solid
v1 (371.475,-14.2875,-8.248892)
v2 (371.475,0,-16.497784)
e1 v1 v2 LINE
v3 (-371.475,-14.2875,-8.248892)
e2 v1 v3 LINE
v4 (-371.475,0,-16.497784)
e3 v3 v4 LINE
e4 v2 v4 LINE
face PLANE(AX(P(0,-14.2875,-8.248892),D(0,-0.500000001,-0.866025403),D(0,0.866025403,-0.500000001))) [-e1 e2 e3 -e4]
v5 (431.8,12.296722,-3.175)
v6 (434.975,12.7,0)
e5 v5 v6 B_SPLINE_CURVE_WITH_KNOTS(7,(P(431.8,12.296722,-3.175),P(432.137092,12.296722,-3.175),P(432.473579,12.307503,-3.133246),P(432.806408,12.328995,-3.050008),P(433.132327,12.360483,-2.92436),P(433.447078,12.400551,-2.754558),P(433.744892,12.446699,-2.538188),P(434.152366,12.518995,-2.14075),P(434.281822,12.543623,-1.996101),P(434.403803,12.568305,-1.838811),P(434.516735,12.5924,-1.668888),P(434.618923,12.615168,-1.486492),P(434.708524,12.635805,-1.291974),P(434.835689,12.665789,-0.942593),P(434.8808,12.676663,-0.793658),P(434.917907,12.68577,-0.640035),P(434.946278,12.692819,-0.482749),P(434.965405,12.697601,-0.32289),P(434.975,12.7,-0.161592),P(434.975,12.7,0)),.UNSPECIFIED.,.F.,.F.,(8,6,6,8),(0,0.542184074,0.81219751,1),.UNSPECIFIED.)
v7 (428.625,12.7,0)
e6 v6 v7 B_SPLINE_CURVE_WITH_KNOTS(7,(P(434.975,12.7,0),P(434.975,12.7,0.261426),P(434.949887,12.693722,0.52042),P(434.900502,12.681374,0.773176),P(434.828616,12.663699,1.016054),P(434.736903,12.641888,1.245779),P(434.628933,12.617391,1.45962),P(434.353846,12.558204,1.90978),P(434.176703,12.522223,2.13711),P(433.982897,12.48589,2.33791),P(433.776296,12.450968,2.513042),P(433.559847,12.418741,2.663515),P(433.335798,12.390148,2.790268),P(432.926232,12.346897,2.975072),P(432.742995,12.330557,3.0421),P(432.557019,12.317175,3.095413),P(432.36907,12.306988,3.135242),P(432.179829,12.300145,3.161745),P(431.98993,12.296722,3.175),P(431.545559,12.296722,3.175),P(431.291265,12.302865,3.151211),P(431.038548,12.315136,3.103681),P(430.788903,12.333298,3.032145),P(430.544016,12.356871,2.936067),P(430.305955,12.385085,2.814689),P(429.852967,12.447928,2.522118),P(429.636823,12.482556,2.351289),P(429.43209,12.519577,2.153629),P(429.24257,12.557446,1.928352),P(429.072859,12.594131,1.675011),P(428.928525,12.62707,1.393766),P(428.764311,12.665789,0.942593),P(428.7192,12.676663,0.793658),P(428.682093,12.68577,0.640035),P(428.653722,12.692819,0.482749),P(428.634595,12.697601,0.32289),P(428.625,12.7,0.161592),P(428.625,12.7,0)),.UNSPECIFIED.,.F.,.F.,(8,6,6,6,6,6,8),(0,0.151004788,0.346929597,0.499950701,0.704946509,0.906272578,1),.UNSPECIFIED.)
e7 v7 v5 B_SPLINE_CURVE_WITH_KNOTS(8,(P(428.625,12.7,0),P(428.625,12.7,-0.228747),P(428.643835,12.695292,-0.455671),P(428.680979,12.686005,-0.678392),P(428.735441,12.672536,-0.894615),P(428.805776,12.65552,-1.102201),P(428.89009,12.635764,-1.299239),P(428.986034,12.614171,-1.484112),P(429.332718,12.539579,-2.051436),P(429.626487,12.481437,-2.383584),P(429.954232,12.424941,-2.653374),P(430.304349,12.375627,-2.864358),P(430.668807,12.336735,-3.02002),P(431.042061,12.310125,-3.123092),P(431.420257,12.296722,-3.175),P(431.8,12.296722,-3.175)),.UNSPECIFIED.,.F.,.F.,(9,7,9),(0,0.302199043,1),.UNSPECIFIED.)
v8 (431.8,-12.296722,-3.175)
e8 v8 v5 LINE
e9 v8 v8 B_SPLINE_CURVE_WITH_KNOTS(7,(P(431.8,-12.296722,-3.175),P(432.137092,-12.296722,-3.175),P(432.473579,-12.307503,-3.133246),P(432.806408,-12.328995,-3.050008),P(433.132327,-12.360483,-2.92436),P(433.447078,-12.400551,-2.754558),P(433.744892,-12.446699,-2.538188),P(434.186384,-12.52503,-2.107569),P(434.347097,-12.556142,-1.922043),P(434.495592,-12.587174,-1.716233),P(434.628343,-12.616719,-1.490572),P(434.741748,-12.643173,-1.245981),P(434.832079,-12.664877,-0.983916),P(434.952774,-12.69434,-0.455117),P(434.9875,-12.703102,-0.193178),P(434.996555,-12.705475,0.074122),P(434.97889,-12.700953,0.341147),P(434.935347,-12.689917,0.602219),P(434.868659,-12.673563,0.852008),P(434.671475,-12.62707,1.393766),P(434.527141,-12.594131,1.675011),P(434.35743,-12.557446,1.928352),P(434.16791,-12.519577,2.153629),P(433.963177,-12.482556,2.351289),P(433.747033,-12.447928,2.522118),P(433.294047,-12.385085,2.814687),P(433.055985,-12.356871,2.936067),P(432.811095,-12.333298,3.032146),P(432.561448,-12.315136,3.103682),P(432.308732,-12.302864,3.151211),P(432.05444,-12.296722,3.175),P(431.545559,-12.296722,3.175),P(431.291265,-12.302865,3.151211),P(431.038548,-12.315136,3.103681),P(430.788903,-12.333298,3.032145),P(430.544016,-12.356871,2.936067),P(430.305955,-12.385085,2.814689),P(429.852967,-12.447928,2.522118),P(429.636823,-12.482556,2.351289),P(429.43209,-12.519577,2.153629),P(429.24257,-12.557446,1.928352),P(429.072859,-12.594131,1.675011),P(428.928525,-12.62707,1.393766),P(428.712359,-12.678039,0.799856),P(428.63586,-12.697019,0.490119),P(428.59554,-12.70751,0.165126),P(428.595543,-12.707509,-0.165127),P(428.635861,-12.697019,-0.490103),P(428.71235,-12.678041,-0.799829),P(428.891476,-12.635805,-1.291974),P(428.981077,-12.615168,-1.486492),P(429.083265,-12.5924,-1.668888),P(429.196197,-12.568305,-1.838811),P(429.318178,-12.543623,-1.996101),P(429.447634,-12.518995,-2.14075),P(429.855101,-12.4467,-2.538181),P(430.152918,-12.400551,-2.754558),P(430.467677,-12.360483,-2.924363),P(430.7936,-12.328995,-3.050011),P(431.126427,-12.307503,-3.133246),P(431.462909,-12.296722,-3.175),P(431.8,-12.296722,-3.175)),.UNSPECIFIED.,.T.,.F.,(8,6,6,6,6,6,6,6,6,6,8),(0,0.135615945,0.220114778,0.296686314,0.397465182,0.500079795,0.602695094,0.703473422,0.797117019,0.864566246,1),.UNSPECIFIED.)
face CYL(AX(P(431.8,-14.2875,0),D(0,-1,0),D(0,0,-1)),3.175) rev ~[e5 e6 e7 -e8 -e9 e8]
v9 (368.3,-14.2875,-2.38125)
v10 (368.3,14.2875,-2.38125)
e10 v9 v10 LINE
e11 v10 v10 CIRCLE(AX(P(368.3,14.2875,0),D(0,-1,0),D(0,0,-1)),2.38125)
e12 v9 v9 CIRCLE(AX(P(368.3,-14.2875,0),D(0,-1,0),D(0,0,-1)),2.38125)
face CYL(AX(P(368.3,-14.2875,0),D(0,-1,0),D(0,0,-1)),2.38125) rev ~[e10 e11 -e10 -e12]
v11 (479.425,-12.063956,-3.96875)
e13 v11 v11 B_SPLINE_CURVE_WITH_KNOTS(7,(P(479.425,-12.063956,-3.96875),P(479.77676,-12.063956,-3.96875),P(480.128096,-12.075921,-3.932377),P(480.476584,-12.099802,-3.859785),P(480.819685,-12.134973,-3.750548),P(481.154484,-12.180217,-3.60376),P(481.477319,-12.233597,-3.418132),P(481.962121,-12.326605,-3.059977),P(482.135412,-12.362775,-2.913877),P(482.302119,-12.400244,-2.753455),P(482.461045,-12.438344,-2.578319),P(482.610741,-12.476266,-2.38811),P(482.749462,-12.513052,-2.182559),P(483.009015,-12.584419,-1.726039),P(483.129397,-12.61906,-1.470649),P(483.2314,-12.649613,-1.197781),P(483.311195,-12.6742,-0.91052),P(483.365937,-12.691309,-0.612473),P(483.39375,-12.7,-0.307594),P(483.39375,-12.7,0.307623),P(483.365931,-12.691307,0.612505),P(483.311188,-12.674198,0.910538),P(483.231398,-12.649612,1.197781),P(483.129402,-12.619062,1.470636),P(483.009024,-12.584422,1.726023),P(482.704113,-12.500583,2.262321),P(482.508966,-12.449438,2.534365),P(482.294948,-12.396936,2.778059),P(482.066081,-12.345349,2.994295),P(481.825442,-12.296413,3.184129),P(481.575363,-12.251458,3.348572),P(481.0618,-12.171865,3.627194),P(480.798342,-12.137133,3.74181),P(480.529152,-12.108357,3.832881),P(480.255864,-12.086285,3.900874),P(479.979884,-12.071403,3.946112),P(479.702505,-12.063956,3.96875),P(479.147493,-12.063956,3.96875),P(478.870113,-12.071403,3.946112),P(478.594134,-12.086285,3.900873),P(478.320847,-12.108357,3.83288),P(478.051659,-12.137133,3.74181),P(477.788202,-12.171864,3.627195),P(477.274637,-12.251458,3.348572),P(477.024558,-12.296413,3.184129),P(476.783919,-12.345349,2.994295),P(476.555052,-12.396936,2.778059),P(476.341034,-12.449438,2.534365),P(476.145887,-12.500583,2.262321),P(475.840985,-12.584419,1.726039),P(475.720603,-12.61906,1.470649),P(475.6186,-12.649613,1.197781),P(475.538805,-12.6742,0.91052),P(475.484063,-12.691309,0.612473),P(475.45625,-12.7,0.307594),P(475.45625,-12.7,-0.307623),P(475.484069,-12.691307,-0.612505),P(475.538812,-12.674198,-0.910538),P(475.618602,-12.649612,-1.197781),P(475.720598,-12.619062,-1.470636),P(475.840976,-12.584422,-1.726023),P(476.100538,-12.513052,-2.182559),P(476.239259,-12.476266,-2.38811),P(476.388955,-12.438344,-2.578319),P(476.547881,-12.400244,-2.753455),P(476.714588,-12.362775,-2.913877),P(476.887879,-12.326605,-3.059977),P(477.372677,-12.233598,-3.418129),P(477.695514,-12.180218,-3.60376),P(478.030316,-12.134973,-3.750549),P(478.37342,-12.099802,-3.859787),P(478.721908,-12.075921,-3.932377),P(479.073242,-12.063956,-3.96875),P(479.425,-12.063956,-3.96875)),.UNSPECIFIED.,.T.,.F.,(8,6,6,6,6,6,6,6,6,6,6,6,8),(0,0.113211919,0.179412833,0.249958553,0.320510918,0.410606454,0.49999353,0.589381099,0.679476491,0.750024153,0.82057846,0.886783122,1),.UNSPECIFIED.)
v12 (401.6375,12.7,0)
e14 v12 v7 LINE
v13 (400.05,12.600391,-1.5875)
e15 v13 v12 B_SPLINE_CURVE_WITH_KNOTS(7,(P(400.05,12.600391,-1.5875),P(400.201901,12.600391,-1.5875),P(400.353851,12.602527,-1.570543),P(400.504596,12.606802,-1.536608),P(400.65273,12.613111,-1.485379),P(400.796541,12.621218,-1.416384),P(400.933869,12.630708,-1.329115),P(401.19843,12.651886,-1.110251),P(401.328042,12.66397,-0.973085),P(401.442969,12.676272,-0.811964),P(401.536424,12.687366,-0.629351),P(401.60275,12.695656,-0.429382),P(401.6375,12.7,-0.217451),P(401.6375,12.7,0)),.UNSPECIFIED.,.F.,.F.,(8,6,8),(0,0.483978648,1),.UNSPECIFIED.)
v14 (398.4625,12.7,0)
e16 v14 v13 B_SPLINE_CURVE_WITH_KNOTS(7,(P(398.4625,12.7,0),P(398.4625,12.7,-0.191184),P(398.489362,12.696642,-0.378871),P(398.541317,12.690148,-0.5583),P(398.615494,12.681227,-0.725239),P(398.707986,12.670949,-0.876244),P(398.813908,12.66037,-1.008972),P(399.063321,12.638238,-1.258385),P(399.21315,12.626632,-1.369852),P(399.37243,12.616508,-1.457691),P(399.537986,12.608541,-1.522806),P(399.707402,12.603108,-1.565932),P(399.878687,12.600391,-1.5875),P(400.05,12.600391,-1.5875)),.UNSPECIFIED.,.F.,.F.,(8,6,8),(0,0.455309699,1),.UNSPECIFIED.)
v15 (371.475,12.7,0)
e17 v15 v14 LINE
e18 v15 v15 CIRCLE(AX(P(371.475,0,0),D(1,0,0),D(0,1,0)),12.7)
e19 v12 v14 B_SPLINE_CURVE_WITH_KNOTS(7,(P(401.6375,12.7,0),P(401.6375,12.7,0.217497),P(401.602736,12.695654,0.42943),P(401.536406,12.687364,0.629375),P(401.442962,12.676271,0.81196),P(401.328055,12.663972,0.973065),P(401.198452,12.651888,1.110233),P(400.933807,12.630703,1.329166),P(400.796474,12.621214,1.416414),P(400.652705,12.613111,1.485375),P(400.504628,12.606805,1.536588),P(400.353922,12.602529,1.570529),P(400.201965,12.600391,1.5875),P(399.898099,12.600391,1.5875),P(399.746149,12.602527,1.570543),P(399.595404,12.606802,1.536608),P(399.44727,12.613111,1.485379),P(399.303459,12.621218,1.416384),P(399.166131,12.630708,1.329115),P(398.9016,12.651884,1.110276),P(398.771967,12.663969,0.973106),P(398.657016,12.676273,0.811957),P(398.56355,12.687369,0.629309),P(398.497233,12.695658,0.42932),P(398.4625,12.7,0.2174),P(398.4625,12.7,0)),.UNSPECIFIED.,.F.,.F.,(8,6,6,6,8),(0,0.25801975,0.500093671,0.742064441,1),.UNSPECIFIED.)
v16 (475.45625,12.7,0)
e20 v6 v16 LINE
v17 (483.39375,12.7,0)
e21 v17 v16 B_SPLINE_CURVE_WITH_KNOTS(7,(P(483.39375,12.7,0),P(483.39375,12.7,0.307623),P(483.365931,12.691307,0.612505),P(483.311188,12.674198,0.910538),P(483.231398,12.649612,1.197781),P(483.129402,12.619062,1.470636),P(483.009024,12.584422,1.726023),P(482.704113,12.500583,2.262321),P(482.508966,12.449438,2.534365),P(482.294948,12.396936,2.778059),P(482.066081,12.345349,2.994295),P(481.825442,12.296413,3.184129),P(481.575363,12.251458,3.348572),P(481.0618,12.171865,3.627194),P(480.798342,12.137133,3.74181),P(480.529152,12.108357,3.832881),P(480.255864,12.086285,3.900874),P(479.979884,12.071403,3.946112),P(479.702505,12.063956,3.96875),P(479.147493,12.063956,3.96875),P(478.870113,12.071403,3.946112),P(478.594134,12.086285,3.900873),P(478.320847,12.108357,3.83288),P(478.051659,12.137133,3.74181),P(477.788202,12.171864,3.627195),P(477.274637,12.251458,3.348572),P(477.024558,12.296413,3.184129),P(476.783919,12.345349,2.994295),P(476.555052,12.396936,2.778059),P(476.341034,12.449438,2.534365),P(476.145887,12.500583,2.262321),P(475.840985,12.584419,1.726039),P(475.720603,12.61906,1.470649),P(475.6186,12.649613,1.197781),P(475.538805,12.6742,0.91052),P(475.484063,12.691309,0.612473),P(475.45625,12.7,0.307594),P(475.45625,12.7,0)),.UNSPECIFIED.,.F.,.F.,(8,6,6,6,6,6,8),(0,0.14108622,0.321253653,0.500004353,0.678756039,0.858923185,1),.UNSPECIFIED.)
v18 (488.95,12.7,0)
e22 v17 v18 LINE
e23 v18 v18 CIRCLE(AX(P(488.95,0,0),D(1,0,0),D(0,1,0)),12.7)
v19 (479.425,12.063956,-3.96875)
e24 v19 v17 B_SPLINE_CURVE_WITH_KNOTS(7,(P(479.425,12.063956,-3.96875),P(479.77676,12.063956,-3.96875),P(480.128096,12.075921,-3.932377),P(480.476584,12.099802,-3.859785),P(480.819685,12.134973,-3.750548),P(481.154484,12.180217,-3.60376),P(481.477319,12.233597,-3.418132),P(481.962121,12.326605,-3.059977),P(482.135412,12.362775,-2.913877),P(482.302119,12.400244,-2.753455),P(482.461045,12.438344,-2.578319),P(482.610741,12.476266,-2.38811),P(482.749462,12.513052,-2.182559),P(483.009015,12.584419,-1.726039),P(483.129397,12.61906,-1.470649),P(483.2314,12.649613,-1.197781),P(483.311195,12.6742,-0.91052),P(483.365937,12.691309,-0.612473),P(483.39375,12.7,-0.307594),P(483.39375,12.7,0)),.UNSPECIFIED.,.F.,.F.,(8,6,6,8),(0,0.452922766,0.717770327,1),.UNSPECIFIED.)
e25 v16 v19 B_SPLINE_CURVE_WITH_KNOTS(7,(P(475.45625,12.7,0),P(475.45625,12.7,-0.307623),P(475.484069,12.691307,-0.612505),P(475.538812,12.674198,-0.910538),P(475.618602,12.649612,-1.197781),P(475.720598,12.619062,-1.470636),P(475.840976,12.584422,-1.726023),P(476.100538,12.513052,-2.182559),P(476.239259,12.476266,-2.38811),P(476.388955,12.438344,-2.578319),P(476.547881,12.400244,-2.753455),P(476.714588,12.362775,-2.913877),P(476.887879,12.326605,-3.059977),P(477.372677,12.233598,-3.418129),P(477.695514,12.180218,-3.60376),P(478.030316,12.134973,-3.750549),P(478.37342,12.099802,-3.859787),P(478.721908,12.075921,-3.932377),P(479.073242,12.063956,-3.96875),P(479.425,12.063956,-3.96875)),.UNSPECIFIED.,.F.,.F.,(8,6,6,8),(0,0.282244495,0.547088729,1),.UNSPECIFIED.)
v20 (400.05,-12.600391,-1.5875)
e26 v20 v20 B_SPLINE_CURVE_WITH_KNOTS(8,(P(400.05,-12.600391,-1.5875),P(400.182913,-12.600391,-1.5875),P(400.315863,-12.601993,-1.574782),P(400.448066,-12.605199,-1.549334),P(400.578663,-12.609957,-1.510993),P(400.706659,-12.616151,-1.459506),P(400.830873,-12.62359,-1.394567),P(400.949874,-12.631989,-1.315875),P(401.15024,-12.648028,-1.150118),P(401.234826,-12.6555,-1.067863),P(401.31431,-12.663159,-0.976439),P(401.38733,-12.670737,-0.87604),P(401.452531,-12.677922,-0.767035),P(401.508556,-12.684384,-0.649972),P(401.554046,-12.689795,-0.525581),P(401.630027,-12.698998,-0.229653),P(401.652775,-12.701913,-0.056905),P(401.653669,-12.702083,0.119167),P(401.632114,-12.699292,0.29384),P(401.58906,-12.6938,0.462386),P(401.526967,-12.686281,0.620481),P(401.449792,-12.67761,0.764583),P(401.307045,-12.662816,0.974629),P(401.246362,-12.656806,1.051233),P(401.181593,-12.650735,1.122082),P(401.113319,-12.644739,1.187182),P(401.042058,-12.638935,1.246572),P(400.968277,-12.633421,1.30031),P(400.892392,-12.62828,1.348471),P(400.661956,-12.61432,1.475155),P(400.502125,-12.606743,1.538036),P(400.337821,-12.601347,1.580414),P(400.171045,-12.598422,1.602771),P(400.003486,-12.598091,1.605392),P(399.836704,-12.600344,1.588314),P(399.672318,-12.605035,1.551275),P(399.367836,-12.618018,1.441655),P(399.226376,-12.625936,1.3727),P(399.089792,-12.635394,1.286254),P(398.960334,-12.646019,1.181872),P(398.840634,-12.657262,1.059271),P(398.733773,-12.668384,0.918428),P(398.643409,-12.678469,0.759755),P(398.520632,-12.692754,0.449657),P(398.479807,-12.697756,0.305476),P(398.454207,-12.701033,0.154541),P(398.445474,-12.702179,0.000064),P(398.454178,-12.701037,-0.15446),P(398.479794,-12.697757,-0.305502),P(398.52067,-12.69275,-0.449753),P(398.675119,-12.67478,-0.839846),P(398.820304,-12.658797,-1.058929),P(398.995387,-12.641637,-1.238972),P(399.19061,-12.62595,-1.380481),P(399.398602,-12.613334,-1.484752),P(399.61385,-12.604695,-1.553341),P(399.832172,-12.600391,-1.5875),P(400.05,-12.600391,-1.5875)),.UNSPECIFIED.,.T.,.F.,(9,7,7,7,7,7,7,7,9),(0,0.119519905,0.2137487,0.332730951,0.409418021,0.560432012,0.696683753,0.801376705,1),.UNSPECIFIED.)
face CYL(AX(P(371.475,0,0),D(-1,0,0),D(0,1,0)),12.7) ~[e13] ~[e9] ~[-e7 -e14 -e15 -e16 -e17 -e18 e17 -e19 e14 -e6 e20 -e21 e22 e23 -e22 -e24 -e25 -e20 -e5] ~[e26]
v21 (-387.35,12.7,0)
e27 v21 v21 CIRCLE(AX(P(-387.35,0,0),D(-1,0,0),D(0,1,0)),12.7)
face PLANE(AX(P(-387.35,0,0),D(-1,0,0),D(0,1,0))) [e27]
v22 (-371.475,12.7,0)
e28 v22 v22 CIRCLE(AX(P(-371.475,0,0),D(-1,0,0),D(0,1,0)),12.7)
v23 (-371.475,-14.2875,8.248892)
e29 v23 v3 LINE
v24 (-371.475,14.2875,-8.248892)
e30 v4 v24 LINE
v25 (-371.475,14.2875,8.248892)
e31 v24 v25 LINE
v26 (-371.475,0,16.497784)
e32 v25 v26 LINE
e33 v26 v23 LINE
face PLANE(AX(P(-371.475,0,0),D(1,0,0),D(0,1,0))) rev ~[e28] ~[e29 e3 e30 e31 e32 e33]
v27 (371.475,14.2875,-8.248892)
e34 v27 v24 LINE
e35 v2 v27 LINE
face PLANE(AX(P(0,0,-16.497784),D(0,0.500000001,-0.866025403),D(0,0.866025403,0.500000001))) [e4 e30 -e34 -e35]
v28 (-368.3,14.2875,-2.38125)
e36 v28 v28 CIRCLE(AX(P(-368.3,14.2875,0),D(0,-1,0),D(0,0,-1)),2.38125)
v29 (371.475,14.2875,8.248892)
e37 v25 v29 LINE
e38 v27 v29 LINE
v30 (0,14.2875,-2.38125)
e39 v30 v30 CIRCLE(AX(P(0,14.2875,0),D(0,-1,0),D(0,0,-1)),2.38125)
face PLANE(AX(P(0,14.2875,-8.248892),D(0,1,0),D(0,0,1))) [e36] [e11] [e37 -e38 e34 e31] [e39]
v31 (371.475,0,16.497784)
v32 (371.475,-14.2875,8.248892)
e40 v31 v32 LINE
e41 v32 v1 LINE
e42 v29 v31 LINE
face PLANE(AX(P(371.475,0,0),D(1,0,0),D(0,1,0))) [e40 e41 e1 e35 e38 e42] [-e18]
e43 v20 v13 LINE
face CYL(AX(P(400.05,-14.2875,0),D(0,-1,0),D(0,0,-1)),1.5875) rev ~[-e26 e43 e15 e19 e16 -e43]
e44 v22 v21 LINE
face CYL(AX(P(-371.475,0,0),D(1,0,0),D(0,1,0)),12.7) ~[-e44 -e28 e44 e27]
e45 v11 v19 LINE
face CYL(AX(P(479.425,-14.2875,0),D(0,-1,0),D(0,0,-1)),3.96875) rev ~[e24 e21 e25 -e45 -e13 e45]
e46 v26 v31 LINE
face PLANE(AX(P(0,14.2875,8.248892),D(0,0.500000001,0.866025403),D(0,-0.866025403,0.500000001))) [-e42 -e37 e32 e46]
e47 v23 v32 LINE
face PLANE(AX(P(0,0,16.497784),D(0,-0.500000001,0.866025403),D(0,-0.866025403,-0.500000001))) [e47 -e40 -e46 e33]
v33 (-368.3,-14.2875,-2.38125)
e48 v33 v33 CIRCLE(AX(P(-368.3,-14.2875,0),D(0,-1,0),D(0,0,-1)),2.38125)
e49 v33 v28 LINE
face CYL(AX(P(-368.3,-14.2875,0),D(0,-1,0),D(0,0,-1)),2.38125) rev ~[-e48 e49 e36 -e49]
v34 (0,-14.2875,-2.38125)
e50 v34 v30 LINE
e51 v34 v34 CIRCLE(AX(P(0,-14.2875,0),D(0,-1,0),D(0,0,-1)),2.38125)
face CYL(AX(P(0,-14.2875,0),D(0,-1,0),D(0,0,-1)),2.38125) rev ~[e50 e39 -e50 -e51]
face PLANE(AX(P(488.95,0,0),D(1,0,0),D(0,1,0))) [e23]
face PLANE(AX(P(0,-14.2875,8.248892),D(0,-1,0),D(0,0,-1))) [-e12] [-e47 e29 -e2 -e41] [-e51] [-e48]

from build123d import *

# Parameters (mm, degrees)
PAD_DEPTH     = 371.475
SKETCH001_R   = 12.7
PAD001_DEPTH  = 117.475
SKETCH002_R   = 12.7
PAD002_DEPTH  = 15.875
SKETCH003_R   = 2.38125
SKETCH003_R_2 = 1.5875
SKETCH003_R_3 = 3.96875
SKETCH003_R_4 = 3.175
POCKET_DEPTH  = 50.8


with BuildPart() as part:
    # Sketch → Pad (new body, symmetric)
    with BuildSketch(Plane.YZ):
        Polygon((14.2875, -8.248892), (14.2875, 8.248892), (0, 16.497784), (-14.2875, 8.248892), (-14.2875, -8.248892), (0, -16.497784), align=None)
    extrude(amount=PAD_DEPTH, both=True)

    # Sketch001 (on Face8 of Pad) → Pad001 (join)
    with BuildSketch(Plane.YZ.offset(371.475)):
        Circle(SKETCH001_R)
    extrude(amount=PAD001_DEPTH)

    # Sketch002 (on Face4 of Pad001) → Pad002 (join)
    with BuildSketch(Plane(origin=(-371.475, 0, 0), x_dir=(0, 1, 0), z_dir=(-1, 0, 0))):
        Circle(SKETCH002_R)
    extrude(amount=PAD002_DEPTH)

    # Sketch003 (on Face8 of Pad002) → Pocket (cut)
    with BuildSketch(Plane(origin=(0, -14.2875, 0), x_dir=(0, 0, -1), z_dir=(0, -1, 0))):
        Circle(SKETCH003_R)
        with Locations((0, 368.3)):
            Circle(SKETCH003_R)
        with Locations((0, -368.3)):
            Circle(SKETCH003_R)
        with Locations((0, 400.05)):
            Circle(SKETCH003_R_2)
        with Locations((0, 479.425)):
            Circle(SKETCH003_R_3)
        with Locations((0, 431.8)):
            Circle(SKETCH003_R_4)
    extrude(amount=-POCKET_DEPTH, mode=Mode.SUBTRACT)


solid = part.part
